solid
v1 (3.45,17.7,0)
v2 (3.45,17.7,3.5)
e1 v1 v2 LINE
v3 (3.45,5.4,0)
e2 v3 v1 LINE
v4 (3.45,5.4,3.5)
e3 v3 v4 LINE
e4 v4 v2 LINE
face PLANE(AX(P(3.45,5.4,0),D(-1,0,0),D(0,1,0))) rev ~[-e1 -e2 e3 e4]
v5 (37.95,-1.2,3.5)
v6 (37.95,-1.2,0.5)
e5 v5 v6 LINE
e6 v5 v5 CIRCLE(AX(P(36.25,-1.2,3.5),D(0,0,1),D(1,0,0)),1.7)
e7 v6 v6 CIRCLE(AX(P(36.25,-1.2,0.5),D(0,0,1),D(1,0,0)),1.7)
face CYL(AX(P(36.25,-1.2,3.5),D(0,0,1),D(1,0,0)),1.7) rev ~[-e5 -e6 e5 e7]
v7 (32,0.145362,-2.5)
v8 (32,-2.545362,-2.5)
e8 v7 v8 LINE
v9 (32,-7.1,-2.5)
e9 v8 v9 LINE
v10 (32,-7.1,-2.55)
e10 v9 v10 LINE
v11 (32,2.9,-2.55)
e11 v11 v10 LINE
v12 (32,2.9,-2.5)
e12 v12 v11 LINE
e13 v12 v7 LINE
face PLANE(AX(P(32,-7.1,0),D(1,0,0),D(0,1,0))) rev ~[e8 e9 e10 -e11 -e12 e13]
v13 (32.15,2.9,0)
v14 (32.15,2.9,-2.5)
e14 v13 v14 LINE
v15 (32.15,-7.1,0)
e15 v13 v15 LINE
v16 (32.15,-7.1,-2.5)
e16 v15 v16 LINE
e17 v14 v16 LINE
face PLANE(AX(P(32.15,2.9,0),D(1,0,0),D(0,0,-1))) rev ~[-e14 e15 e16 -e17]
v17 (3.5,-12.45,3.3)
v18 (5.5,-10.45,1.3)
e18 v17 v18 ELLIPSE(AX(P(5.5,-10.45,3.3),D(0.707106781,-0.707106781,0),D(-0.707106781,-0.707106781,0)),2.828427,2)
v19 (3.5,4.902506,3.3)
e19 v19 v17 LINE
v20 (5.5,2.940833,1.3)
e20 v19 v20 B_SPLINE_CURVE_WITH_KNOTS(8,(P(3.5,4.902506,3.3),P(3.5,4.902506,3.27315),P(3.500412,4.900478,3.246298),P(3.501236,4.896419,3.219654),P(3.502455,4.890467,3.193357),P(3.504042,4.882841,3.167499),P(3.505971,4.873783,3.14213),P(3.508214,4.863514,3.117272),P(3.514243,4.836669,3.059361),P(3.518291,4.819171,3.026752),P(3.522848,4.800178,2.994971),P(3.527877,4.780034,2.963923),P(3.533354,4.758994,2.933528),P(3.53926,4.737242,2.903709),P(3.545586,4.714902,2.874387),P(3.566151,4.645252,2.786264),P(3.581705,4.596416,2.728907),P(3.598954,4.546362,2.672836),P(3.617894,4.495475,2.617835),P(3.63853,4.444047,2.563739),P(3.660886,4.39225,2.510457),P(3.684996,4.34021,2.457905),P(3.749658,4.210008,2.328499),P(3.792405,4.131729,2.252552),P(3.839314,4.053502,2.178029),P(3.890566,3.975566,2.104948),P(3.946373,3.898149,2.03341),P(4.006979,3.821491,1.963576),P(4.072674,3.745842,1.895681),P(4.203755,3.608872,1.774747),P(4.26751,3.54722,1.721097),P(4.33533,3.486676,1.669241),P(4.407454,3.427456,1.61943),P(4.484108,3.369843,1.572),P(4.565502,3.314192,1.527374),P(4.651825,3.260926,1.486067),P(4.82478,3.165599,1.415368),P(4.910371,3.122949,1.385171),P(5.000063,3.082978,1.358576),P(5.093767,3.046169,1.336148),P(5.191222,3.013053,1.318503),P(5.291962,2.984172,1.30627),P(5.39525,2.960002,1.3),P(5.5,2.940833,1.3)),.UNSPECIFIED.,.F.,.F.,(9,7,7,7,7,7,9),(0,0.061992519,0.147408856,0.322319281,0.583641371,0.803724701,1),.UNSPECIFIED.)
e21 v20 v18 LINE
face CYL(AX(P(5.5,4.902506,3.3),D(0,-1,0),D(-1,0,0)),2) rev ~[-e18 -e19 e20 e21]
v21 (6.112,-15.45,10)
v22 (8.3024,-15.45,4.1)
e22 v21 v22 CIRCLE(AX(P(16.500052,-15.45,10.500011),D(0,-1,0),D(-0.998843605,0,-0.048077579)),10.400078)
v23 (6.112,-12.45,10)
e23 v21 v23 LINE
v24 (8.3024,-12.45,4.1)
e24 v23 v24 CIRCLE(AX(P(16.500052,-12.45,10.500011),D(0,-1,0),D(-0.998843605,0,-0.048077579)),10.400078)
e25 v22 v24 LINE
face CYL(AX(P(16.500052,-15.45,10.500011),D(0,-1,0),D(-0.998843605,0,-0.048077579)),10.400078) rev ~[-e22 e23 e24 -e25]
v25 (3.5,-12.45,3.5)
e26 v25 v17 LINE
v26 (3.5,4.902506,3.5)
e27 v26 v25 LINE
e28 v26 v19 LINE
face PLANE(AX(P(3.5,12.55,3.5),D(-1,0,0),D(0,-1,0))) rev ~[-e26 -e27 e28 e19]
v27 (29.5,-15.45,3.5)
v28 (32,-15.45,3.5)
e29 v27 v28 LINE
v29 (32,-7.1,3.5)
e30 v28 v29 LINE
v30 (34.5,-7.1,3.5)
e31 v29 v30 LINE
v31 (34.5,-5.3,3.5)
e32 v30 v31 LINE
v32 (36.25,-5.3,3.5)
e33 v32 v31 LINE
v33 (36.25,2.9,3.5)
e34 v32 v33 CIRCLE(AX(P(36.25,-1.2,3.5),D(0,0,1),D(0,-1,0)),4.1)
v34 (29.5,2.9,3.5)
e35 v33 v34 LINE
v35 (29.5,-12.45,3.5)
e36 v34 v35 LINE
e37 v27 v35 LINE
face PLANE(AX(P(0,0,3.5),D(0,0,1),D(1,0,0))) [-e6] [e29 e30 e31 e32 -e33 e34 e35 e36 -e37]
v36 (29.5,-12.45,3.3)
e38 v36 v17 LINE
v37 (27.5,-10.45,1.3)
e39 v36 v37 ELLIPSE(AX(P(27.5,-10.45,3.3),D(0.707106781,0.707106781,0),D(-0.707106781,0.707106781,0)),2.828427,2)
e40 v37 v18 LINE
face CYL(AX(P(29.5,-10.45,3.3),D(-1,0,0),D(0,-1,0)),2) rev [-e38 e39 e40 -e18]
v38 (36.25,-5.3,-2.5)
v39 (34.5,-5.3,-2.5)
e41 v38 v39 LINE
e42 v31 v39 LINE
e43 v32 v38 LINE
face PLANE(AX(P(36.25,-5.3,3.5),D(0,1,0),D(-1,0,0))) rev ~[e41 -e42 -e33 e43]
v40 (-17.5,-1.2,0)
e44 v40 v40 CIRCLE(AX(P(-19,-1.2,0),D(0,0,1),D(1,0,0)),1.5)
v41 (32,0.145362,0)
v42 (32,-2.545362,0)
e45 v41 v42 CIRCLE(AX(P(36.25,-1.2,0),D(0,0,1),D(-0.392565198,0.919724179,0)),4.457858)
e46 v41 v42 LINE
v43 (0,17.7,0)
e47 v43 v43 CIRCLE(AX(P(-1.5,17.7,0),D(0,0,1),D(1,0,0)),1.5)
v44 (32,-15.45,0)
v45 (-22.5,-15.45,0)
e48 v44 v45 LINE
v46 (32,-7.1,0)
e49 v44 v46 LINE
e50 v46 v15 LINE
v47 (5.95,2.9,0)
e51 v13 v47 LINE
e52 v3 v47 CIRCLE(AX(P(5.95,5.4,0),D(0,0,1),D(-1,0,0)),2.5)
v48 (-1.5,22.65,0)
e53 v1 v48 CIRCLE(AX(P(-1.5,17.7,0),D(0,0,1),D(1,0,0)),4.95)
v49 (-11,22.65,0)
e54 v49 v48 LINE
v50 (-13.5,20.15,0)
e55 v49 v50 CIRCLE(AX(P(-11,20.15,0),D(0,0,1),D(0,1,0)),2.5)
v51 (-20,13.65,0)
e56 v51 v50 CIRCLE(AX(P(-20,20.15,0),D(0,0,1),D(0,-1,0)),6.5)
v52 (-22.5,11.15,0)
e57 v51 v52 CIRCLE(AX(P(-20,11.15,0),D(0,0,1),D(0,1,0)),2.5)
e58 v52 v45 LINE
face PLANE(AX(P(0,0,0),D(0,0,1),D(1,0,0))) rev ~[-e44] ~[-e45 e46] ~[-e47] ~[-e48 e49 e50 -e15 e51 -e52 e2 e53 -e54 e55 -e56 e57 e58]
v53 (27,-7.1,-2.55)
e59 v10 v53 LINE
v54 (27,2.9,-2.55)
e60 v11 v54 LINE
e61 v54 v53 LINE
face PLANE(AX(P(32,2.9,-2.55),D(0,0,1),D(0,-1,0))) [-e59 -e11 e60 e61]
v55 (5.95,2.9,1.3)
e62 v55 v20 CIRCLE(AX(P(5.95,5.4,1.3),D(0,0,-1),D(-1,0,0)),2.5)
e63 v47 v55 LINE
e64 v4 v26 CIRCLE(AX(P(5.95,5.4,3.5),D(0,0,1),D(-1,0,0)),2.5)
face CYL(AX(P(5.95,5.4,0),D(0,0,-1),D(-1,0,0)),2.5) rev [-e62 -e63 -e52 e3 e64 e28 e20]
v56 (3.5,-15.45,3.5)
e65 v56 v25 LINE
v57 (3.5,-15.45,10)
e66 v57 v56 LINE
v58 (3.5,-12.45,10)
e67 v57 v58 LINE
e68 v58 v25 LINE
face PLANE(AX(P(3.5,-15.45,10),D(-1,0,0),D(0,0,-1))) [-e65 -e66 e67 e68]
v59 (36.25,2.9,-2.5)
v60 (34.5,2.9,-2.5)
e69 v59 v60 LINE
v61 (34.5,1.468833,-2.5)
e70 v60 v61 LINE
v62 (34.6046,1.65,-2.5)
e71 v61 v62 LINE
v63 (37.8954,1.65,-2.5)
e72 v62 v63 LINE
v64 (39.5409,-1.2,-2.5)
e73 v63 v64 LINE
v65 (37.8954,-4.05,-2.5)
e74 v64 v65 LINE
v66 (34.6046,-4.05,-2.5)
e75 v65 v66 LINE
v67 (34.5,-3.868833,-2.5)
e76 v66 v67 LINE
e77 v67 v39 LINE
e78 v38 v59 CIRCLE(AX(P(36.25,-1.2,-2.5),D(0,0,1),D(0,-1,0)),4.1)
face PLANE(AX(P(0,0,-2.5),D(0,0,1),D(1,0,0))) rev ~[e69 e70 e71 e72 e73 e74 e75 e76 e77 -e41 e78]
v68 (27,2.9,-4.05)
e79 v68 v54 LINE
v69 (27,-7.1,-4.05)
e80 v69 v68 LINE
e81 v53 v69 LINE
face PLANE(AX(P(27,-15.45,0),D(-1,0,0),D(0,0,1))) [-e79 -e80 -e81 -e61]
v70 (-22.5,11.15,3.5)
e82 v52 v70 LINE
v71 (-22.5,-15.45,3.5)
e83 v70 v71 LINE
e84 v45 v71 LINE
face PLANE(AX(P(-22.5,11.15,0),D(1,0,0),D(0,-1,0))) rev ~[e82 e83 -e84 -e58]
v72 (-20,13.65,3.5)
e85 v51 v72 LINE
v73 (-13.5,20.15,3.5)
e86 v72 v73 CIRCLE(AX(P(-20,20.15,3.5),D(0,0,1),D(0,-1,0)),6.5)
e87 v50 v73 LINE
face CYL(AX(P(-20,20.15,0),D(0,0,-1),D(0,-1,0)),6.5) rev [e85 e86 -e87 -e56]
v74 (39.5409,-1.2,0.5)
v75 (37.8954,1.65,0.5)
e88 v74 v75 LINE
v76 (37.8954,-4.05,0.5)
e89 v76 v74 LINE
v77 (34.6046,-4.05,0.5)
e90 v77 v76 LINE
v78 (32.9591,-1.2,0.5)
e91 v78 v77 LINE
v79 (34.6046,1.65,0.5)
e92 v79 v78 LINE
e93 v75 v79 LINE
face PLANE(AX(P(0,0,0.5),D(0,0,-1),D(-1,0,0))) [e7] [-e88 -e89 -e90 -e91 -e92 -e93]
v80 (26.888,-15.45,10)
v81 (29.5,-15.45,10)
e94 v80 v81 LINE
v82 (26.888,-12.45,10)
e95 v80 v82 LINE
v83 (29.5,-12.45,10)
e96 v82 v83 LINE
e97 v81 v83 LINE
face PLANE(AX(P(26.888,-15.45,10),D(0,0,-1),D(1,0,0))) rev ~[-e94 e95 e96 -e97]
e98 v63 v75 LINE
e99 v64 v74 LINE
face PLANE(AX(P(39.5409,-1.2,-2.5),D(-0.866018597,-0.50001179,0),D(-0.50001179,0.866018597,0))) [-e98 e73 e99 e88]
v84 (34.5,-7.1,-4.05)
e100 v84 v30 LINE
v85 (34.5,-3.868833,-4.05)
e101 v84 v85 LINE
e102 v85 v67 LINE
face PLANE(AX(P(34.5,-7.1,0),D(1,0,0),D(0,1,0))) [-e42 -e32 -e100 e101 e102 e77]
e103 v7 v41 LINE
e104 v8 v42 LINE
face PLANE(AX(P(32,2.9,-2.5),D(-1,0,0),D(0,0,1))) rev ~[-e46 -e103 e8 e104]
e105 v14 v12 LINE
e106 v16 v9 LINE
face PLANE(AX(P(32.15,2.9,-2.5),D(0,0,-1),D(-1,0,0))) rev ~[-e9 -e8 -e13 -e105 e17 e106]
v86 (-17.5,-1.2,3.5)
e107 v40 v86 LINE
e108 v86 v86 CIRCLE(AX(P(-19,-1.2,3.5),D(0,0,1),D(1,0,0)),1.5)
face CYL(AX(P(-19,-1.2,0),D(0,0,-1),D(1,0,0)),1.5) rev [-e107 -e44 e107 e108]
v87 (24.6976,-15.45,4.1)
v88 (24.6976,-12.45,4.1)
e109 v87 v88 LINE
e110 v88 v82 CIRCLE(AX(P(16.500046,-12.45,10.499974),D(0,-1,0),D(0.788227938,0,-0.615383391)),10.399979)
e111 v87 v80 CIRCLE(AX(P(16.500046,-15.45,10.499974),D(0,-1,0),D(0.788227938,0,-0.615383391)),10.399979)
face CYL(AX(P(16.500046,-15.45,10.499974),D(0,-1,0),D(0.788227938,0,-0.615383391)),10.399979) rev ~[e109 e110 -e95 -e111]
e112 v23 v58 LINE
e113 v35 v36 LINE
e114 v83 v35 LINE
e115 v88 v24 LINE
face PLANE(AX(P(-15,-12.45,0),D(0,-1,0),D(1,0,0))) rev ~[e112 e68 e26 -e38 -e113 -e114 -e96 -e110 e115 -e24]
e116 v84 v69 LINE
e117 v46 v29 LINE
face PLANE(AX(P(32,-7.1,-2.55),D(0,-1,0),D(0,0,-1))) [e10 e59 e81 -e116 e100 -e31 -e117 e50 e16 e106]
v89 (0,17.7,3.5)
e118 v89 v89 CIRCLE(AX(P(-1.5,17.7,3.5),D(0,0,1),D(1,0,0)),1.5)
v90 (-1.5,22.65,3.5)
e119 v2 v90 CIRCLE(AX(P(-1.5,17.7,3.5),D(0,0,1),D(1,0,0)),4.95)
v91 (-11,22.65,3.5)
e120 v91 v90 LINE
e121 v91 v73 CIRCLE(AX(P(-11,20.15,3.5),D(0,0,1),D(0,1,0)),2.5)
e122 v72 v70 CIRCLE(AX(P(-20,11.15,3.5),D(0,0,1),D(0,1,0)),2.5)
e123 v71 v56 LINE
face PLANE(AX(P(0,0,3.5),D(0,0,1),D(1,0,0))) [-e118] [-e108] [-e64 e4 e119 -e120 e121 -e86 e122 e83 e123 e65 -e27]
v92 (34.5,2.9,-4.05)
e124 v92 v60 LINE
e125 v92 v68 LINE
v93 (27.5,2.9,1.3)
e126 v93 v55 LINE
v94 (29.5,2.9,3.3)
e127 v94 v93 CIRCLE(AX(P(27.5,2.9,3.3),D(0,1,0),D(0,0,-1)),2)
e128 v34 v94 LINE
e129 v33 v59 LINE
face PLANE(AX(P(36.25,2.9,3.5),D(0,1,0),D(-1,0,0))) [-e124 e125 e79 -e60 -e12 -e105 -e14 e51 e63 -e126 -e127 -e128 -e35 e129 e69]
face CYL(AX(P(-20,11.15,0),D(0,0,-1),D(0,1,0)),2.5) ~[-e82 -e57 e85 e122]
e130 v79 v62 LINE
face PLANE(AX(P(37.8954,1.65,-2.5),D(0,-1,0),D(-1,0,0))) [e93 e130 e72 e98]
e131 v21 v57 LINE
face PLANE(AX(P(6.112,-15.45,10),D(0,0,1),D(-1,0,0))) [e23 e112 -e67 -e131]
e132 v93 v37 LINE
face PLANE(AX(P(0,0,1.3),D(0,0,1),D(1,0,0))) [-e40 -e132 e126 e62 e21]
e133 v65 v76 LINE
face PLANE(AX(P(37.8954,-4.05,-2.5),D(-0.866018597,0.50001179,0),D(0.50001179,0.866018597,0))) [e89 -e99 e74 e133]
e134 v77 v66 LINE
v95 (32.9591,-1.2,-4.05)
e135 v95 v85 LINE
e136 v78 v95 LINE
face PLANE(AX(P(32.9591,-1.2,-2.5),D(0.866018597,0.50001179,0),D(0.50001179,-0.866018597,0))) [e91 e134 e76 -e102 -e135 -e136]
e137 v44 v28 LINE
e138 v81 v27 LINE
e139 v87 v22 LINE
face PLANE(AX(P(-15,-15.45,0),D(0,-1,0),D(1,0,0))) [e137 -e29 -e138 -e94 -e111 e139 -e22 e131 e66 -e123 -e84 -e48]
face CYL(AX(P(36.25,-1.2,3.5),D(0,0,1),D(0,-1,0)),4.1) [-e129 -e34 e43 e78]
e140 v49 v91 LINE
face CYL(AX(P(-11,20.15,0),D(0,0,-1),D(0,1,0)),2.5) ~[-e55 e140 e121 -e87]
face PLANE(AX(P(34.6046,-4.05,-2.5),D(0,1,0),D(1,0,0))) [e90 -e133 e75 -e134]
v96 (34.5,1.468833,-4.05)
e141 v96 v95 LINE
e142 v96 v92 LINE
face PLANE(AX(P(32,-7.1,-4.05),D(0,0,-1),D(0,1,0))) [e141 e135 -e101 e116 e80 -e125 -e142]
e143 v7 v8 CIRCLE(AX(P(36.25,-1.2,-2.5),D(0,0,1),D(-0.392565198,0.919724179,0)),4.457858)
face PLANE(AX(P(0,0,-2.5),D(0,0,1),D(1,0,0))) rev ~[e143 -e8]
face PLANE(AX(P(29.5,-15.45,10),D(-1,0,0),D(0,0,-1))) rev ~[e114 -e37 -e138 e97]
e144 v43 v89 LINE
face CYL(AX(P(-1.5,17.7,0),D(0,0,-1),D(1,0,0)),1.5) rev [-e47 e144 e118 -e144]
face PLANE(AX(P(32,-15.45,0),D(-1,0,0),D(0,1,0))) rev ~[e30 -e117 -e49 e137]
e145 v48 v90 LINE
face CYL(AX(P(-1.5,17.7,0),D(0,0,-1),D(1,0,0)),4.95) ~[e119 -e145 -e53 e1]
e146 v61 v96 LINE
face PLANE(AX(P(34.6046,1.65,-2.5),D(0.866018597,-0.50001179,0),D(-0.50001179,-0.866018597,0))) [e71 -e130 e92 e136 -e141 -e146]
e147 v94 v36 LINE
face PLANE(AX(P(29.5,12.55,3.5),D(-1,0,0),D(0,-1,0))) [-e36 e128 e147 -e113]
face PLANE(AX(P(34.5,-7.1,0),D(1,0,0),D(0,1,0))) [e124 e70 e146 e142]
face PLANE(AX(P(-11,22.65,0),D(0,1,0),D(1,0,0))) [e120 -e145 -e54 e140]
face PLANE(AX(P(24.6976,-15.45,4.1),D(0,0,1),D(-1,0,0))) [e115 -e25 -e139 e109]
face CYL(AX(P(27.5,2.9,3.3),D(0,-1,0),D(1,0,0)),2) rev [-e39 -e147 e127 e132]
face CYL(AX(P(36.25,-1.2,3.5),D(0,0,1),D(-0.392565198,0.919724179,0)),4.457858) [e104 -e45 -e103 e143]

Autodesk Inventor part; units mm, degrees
ref_plane "YZ Plane" through (0, 0, 0) normal (1, 0, 0) x (0, 1, 0)
ref_plane "XZ Plane" through (0, 0, 0) normal (0, 1, 0) x (-1, 0, 0)
ref_plane "XY Plane" through (0, 0, 0) normal (0, 0, 1) x (1, 0, 0)
sketch "Sketch1" plane through (0, 0, 0) normal (0, 0, 1) x (1, 0, 0)
  arc A0 (-20, 13.65) -> (-13.5, 20.15) centre (-20, 20.15) ccw
  circle A1 centre (-20, 20.15) radius 4.5 projected
  arc A2 (-20, 13.65) -> (-22.5, 11.15) centre (-20, 11.15) ccw
  line L0 (-22.5, 11.15) -> (-22.5, -15.45)
  circle A3 centre (-19, -1.2) radius 1.5 projected
  line L1 (-22.5, -15.45) -> (-15, -15.45)
  line L2 (34.5, -7.1) -> (34.5, 2.9)
  line L3 (34.5, 2.9) -> (32, 2.9)
  arc A4 (3.45, 17.7) -> (-1.5, 22.65) centre (-1.5, 17.7) ccw
  circle A5 centre (-1.5, 17.7) radius 1.5 projected
  arc A6 (-11, 22.65) -> (-13.5, 20.15) centre (-11, 20.15) ccw
  line L4 (-11, 22.65) -> (-1.5, 22.65)
  arc A7 (3.45, 5.4) -> (5.95, 2.9) centre (5.95, 5.4) ccw
  line L5 (3.45, 5.4) -> (3.45, 17.7)
  circle A8 centre (23.5, 7.6) radius 2.7 projected
  line L6 (-15, -15.45) -> (32, -15.45)
  line L7 (32, 20.05) -> (32, 2.9) construction
  line L8 (32, 2.9) -> (5.95, 2.9)
  line L9 (32, -15.45) -> (32, -7.1)
  line L10 (32, -7.1) -> (34.5, -7.1)
  point P0 (0, 0)
  point P1 (-32, -15.45)
  dimension "d0" = 90
  dimension "d1" = 90
  dimension "d2" = 2
  dimension "d3" = 3.5
  dimension "d5" = 90
  dimension "d6" = 90
  dimension "d7" = 4.7
  dimension "d51" = 2.5
  dimension "d52" = 10
extrude "Extrusion1" add sketch "Sketch1" along normal blind 3.5 contours A0 A6 L4 A4 L5 A7 L8 L3 L2 L10 L9 L6 L1 L0 A2
sketch "Sketch2" plane through (0, 0, 3.5) normal (0, 0, 1) x (1, 0, 0)
  line L0 (29.5, 12.55) -> (29.5, -12.45)
  line L1 (29.5, -12.45) -> (3.5, -12.45)
  line L2 (29.5, 12.55) -> (3.5, 12.55)
  line L3 (3.5, 12.55) -> (3.5, -12.45)
  point P0 (0, 0)
  point P1 (6.5, -20.5)
  point P2 (26.5, -20.5)
  point P3 (32, -15.45)
  dimension "d14" = 3
  dimension "d15" = 3
  dimension "d16" = 25
  dimension "d53" = 2.5
  dimension "d54" = 3
extrude "Extrusion2" cut sketch "Sketch2" against normal blind 2.2
fillet "Fillet1" radius 2 3 edges at (16.5, -12.45, 1.3) (3.5, -3.7737, 1.3) (29.5, -4.775, 1.3)
sketch "Sketch3" plane through (-15, -15.45, 0) normal (0, -1, 0) x (1, 0, 0)
  circle A0 centre (31.5, 10.5) radius 4.3 construction
  line L0 (39.5, 4.5) -> (23.5, 4.5) projected
  arc A1 (39.5, 4.5) -> (39.5, 16.5) centre (31.5, 10.5) ccw projected
  line L1 (23.5, 16.5) -> (39.5, 16.5) projected
  arc A2 (23.5, 16.5) -> (23.5, 4.5) centre (31.5, 10.5) ccw projected
  line L2 (39.6976, 16.9) -> (23.3024, 16.9) construction
  line L3 (39.6976, 4.1) -> (23.3024, 4.1)
  arc A3 (39.6976, 4.1) -> (41.888, 10) centre (31.5, 10.5) ccw
  arc A4 (23.3024, 16.9) -> (21.1, 10.5) centre (31.5, 10.5) ccw construction
  line L4 (41.9, 3.5) -> (21.1, 3.5)
  line L5 (21.1, 3.5) -> (21.1, 10.5) construction
  line L6 (41.9, 3.5) -> (41.9, 10.5) construction
  arc A5 (41.9, 10.5) -> (39.6976, 16.9) centre (31.5, 10.5) ccw construction
  arc A6 (21.1, 10.5) -> (21.112, 10) centre (31.5, 10.5) ccw construction
  line L7 (21.1, 10.5) -> (18.5, 10.5) construction
  line L8 (18.5, 10.5) -> (18.5, 10) construction
  line L9 (18.5, 3.5) -> (21.1, 3.5)
  line L10 (41.9, 10.5) -> (44.5, 10.5) construction
  line L11 (44.5, 10.5) -> (44.5, 10) construction
  line L12 (44.5, 3.5) -> (41.9, 3.5)
  line L13 (21.112, 10) -> (18.5, 10)
  line L14 (18.5, 10) -> (18.5, 3.5)
  arc A7 (21.112, 10) -> (23.3024, 4.1) centre (31.5, 10.5) ccw
  line L15 (41.888, 10) -> (44.5, 10)
  arc A8 (41.888, 10) -> (41.9, 10.5) centre (31.5, 10.5) ccw construction
  line L16 (44.5, 10) -> (44.5, 3.5)
  point P0 (15, 0)
  point P1 (19.806, 10)
  point P2 (43.194, 10)
  dimension "d22" = 0.4
  dimension "d23" = 0.4
  dimension "d55" = 6.5
extrude "Extrusion3" add sketch "Sketch3" against normal blind 3 contours A3 L15 L16 L12 L4 L9 L14 L13 A7 L3
sketch "Sketch4" plane through (0, 0, 0) normal (0, 0, -1) x (-1, 0, 0)
  line L0 (-32, -15.45) -> (-32, 20.05) projected
  line L1 (-34.5, -7.1) -> (-34.5, 2.9) projected
  line L2 (22.5, 11.15) -> (22.5, -15.45) projected
  arc A0 (22.5, 11.15) -> (20, 13.65) centre (20, 11.15) ccw projected
  arc A1 (13.5, 20.15) -> (20, 13.65) centre (20, 20.15) ccw projected
  arc A2 (13.5, 20.15) -> (11, 22.65) centre (11, 20.15) ccw projected
  line L3 (1.5, 22.65) -> (11, 22.65) projected
  arc A3 (1.5, 22.65) -> (-3.45, 17.7) centre (1.5, 17.7) ccw projected
  line L4 (-3.45, 5.4) -> (-3.45, 17.7) projected
  arc A4 (-5.95, 2.9) -> (-3.45, 5.4) centre (-5.95, 5.4) ccw projected
  line L5 (-34.5, 2.9) -> (-5.95, 2.9) projected
  line L6 (-34.5, -7.1) -> (-34.5, 2.9) projected
  line L7 (-32, -7.1) -> (-34.5, -7.1) projected
  line L8 (-32, -15.45) -> (-32, -7.1) projected
  line L9 (22.5, -15.45) -> (-32, -15.45) projected
  circle A5 centre (19, -1.2) radius 1.5 projected
  circle A6 centre (1.5, 17.7) radius 1.5 projected
  line L10 (-32, -7.1) -> (-34.5, -7.1) projected
  point P0 (0, 0)
  point P1 (-32, 2.9)
extrude "Extrusion4" add sketch "Sketch4" along normal blind 4.05 contours L7 L1 L5 L0
sketch "Sketch5" plane through (32, -15.45, 0) normal (-1, 0, 0) x (0, 0, 1)
  line L0 (-4.05, 18.35) -> (-2.55, 18.35)
  line L1 (-2.55, 18.35) -> (-2.55, 8.35)
  line L2 (-2.55, 8.35) -> (-4.05, 8.35)
  line L3 (-4.05, 8.35) -> (-4.05, 18.35)
  point P0 (0, 15.45)
  dimension "d57" = 1.5
extrude "Extrusion5" add sketch "Sketch5" along normal blind 5
sketch "Sketch8" plane through (0, 0, 3.5) normal (0, 0, 1) x (1, 0, 0)
  circle A0 centre (36.25, -1.2) radius 1.7
  arc A1 (36.25, -5.3) -> (36.25, 2.9) centre (36.25, -1.2) ccw
  line L0 (36.25, 2.9) -> (34.5, 2.9)
  line L1 (36.25, -5.3) -> (34.5, -5.3)
  arc A2 (34.5, 2.9) -> (34.5, -5.3) centre (36.25, -1.2) ccw
  point P0 (0, 0)
  dimension "d35" = 3.4
  dimension "d36" = 2.4
  dimension "d37" = 1.75
extrude "Extrusion7" add sketch "Sketch8" against normal blind 6
sketch "Sketch9" plane through (0, 0, -2.5) normal (0, 0, -1) x (-1, 0, 0)
  line L0 (-34.6046, -4.05) -> (-37.8954, -4.05)
  line L1 (-37.8954, -4.05) -> (-39.5409, -1.2)
  line L2 (-39.5409, -1.2) -> (-37.8954, 1.65)
  line L3 (-37.8954, 1.65) -> (-34.6046, 1.65)
  line L4 (-34.6046, 1.65) -> (-32.9591, -1.2)
  line L5 (-32.9591, -1.2) -> (-34.6046, -4.05)
  circle A0 centre (-36.25, -1.2) radius 1.7 projected
  point P0 (0, 0)
  point P1 (-36.25, -1.2)
  point P2 (-34.5, -2.718)
  point P3 (-34.5, -0.482)
  point P4 (-34.5, -0.4601)
  point P5 (-34.5, -1.9399)
  dimension "d42" = 5.7
extrude "Extrusion9" cut sketch "Sketch9" along normal blind 6 and the other way blind 3 contours L0 L1 L2 L3 L4 L5 | A0
sketch "Sketch10" plane through (5.95, 2.9, 1.3) normal (0, 1, 0) x (1, 0, 0)
  line L0 (26.05, 3.8) -> (26.05, 1.3) projected
  line L1 (26.2, 1.3) -> (26.2, 3.8)
  line L2 (26.2, 3.8) -> (26.05, 3.8)
  line L3 (26.05, 1.3) -> (26.2, 1.3)
  point P0 (-5.95, 1.3)
  dimension "d47" = 0.15
extrude "Extrusion10" cut sketch "Sketch10" against normal blind 10
properties part number "BACKPLATE" material "PET Plastic"
